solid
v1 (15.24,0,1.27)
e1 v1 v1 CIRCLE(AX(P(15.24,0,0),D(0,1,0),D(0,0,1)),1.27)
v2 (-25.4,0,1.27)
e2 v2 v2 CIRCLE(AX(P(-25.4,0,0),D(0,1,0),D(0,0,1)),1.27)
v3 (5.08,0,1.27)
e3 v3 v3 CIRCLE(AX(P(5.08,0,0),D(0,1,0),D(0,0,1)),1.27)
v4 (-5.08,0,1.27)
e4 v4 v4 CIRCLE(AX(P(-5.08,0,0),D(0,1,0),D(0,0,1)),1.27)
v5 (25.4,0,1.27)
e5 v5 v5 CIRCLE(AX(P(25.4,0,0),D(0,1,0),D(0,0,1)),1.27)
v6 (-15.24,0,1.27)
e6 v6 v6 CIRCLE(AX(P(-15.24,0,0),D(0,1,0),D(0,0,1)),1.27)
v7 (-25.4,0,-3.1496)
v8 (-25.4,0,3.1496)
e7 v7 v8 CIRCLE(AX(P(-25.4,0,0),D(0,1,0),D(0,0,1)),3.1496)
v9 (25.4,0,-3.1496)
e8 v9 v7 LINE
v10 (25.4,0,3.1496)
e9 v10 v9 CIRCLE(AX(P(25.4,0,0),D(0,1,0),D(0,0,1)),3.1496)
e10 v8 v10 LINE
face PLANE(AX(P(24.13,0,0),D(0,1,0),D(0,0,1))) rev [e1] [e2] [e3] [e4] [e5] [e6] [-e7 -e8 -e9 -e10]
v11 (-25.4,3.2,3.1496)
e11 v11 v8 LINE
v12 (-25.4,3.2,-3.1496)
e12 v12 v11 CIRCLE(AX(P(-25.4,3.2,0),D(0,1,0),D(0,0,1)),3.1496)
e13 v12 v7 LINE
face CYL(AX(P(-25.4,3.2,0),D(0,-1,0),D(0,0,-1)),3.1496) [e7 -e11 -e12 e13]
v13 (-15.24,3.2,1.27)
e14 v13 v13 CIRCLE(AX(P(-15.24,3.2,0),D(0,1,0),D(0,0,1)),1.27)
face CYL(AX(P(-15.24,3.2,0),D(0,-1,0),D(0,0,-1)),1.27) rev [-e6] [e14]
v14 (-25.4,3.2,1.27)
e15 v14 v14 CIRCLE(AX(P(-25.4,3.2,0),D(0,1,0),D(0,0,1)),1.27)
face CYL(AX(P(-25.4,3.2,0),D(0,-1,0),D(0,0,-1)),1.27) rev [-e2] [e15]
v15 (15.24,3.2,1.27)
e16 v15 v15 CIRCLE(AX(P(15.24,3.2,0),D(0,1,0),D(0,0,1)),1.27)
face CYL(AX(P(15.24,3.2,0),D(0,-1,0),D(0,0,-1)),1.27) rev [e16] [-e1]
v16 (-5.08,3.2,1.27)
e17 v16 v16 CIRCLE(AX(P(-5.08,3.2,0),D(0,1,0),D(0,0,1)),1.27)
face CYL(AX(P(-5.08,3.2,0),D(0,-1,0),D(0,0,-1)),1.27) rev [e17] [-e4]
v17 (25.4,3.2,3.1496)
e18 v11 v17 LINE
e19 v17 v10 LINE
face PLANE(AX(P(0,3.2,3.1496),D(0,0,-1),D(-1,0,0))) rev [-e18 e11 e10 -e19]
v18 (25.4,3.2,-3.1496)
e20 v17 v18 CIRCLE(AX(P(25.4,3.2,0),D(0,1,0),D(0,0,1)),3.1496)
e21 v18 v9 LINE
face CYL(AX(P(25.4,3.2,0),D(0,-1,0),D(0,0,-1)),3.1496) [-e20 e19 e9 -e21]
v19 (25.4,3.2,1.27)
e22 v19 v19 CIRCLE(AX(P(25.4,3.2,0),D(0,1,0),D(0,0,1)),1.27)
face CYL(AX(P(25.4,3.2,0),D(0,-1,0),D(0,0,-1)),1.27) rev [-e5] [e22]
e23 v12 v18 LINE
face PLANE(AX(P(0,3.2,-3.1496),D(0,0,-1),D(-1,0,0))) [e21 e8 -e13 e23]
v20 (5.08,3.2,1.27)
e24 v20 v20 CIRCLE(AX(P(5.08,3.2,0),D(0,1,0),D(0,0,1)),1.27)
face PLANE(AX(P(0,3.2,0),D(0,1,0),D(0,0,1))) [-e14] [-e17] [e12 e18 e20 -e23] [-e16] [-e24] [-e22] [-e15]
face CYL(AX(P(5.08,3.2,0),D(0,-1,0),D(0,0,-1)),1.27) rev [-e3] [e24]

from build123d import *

# Parameters (mm, degrees)
BOSS_EXTRUDE1_DEPTH     = 2
SKETCH2_R               = 1.27
BOSS_EXTRUDE2_DEPTH     = 1.2
CUT_EXTRUDE1_DEPTH      = 35.254233315
CUT_EXTRUDE1_DEPTH_BACK = 35.254233315
SKETCH2_3_R             = 1.27
CUT_EXTRUDE2_DEPTH      = 35.254233315


with BuildPart() as part:
    # Sketch1 → Boss-Extrude1 (new body)
    with BuildSketch(Plane(origin=(0, 0, 0), x_dir=(1, 0, 0), z_dir=(0, 1, 0))):
        with BuildLine():
            Line((24.13, -8.89), (-24.13, -8.89))
            ThreePointArc((-24.13, -8.89), (-33.02, 0), (-24.13, 8.89))
            Line((-24.13, 8.89), (24.13, 8.89))
            ThreePointArc((24.13, 8.89), (33.02, 0), (24.13, -8.89))
        make_face()
    extrude(amount=BOSS_EXTRUDE1_DEPTH)

    # Sketch2 → Boss-Extrude2 (add)
    with BuildSketch(Plane(origin=(0, 2, 0), x_dir=(1, 0, 0), z_dir=(0, 1, 0))):
        with BuildLine():
            ThreePointArc((-25.4, 3.1496), (-28.5496, 0), (-25.4, -3.1496))
            Line((-25.4, -3.1496), (25.4, -3.1496))
            ThreePointArc((25.4, -3.1496), (28.5496, 0), (25.4, 3.1496))
            Line((25.4, 3.1496), (-25.4, 3.1496))
        make_face()
        with Locations((-25.4, 0)):
            Circle(SKETCH2_R, mode=Mode.SUBTRACT)
        with Locations((-15.24, 0)):
            Circle(SKETCH2_R, mode=Mode.SUBTRACT)
        with Locations((-5.08, 0)):
            Circle(SKETCH2_R, mode=Mode.SUBTRACT)
        with Locations((5.08, 0)):
            Circle(SKETCH2_R, mode=Mode.SUBTRACT)
        with Locations((15.24, 0)):
            Circle(SKETCH2_R, mode=Mode.SUBTRACT)
        with Locations((25.4, 0)):
            Circle(SKETCH2_R, mode=Mode.SUBTRACT)
    extrude(amount=BOSS_EXTRUDE2_DEPTH)

    # Sketch2<3> → Cut-Extrude1 (cut, two sides: drawn at the far end of the back side and taken through both)
    with BuildSketch(Plane(origin=(0, 2, 0), x_dir=(1, 0, 0), z_dir=(0, 1, 0)).offset(-CUT_EXTRUDE1_DEPTH_BACK)):
        with Locations((-25.4, 0)):
            Circle(SKETCH2_3_R)
        with Locations((-15.24, 0)):
            Circle(SKETCH2_3_R)
        with Locations((-5.08, 0)):
            Circle(SKETCH2_3_R)
        with Locations((5.08, 0)):
            Circle(SKETCH2_3_R)
        with Locations((15.24, 0)):
            Circle(SKETCH2_3_R)
        with Locations((25.4, 0)):
            Circle(SKETCH2_3_R)
    extrude(amount=CUT_EXTRUDE1_DEPTH + CUT_EXTRUDE1_DEPTH_BACK, mode=Mode.SUBTRACT)

    # Sketch3 → Cut-Extrude2 (cut, through all)
    with BuildSketch(Plane(origin=(0, 2, 0), x_dir=(1, 0, 0), z_dir=(0, 1, 0))):
        with BuildLine():
            Line((24.13, 8.89), (-24.13, 8.89))
            ThreePointArc((-24.13, 8.89), (-33.02, 0), (-24.13, -8.89))
            Line((-24.13, -8.89), (24.13, -8.89))
            ThreePointArc((24.13, -8.89), (33.02, 0), (24.13, 8.89))
        make_face()
        with BuildLine():
            Line((-25.4, -3.1496), (25.4, -3.1496))
            ThreePointArc((25.4, -3.1496), (28.5496, 0), (25.4, 3.1496))
            Line((25.4, 3.1496), (-25.4, 3.1496))
            ThreePointArc((-25.4, 3.1496), (-28.5496, 0), (-25.4, -3.1496))
        make_face(mode=Mode.SUBTRACT)
    extrude(amount=-CUT_EXTRUDE2_DEPTH, mode=Mode.SUBTRACT)


solid = part.part
